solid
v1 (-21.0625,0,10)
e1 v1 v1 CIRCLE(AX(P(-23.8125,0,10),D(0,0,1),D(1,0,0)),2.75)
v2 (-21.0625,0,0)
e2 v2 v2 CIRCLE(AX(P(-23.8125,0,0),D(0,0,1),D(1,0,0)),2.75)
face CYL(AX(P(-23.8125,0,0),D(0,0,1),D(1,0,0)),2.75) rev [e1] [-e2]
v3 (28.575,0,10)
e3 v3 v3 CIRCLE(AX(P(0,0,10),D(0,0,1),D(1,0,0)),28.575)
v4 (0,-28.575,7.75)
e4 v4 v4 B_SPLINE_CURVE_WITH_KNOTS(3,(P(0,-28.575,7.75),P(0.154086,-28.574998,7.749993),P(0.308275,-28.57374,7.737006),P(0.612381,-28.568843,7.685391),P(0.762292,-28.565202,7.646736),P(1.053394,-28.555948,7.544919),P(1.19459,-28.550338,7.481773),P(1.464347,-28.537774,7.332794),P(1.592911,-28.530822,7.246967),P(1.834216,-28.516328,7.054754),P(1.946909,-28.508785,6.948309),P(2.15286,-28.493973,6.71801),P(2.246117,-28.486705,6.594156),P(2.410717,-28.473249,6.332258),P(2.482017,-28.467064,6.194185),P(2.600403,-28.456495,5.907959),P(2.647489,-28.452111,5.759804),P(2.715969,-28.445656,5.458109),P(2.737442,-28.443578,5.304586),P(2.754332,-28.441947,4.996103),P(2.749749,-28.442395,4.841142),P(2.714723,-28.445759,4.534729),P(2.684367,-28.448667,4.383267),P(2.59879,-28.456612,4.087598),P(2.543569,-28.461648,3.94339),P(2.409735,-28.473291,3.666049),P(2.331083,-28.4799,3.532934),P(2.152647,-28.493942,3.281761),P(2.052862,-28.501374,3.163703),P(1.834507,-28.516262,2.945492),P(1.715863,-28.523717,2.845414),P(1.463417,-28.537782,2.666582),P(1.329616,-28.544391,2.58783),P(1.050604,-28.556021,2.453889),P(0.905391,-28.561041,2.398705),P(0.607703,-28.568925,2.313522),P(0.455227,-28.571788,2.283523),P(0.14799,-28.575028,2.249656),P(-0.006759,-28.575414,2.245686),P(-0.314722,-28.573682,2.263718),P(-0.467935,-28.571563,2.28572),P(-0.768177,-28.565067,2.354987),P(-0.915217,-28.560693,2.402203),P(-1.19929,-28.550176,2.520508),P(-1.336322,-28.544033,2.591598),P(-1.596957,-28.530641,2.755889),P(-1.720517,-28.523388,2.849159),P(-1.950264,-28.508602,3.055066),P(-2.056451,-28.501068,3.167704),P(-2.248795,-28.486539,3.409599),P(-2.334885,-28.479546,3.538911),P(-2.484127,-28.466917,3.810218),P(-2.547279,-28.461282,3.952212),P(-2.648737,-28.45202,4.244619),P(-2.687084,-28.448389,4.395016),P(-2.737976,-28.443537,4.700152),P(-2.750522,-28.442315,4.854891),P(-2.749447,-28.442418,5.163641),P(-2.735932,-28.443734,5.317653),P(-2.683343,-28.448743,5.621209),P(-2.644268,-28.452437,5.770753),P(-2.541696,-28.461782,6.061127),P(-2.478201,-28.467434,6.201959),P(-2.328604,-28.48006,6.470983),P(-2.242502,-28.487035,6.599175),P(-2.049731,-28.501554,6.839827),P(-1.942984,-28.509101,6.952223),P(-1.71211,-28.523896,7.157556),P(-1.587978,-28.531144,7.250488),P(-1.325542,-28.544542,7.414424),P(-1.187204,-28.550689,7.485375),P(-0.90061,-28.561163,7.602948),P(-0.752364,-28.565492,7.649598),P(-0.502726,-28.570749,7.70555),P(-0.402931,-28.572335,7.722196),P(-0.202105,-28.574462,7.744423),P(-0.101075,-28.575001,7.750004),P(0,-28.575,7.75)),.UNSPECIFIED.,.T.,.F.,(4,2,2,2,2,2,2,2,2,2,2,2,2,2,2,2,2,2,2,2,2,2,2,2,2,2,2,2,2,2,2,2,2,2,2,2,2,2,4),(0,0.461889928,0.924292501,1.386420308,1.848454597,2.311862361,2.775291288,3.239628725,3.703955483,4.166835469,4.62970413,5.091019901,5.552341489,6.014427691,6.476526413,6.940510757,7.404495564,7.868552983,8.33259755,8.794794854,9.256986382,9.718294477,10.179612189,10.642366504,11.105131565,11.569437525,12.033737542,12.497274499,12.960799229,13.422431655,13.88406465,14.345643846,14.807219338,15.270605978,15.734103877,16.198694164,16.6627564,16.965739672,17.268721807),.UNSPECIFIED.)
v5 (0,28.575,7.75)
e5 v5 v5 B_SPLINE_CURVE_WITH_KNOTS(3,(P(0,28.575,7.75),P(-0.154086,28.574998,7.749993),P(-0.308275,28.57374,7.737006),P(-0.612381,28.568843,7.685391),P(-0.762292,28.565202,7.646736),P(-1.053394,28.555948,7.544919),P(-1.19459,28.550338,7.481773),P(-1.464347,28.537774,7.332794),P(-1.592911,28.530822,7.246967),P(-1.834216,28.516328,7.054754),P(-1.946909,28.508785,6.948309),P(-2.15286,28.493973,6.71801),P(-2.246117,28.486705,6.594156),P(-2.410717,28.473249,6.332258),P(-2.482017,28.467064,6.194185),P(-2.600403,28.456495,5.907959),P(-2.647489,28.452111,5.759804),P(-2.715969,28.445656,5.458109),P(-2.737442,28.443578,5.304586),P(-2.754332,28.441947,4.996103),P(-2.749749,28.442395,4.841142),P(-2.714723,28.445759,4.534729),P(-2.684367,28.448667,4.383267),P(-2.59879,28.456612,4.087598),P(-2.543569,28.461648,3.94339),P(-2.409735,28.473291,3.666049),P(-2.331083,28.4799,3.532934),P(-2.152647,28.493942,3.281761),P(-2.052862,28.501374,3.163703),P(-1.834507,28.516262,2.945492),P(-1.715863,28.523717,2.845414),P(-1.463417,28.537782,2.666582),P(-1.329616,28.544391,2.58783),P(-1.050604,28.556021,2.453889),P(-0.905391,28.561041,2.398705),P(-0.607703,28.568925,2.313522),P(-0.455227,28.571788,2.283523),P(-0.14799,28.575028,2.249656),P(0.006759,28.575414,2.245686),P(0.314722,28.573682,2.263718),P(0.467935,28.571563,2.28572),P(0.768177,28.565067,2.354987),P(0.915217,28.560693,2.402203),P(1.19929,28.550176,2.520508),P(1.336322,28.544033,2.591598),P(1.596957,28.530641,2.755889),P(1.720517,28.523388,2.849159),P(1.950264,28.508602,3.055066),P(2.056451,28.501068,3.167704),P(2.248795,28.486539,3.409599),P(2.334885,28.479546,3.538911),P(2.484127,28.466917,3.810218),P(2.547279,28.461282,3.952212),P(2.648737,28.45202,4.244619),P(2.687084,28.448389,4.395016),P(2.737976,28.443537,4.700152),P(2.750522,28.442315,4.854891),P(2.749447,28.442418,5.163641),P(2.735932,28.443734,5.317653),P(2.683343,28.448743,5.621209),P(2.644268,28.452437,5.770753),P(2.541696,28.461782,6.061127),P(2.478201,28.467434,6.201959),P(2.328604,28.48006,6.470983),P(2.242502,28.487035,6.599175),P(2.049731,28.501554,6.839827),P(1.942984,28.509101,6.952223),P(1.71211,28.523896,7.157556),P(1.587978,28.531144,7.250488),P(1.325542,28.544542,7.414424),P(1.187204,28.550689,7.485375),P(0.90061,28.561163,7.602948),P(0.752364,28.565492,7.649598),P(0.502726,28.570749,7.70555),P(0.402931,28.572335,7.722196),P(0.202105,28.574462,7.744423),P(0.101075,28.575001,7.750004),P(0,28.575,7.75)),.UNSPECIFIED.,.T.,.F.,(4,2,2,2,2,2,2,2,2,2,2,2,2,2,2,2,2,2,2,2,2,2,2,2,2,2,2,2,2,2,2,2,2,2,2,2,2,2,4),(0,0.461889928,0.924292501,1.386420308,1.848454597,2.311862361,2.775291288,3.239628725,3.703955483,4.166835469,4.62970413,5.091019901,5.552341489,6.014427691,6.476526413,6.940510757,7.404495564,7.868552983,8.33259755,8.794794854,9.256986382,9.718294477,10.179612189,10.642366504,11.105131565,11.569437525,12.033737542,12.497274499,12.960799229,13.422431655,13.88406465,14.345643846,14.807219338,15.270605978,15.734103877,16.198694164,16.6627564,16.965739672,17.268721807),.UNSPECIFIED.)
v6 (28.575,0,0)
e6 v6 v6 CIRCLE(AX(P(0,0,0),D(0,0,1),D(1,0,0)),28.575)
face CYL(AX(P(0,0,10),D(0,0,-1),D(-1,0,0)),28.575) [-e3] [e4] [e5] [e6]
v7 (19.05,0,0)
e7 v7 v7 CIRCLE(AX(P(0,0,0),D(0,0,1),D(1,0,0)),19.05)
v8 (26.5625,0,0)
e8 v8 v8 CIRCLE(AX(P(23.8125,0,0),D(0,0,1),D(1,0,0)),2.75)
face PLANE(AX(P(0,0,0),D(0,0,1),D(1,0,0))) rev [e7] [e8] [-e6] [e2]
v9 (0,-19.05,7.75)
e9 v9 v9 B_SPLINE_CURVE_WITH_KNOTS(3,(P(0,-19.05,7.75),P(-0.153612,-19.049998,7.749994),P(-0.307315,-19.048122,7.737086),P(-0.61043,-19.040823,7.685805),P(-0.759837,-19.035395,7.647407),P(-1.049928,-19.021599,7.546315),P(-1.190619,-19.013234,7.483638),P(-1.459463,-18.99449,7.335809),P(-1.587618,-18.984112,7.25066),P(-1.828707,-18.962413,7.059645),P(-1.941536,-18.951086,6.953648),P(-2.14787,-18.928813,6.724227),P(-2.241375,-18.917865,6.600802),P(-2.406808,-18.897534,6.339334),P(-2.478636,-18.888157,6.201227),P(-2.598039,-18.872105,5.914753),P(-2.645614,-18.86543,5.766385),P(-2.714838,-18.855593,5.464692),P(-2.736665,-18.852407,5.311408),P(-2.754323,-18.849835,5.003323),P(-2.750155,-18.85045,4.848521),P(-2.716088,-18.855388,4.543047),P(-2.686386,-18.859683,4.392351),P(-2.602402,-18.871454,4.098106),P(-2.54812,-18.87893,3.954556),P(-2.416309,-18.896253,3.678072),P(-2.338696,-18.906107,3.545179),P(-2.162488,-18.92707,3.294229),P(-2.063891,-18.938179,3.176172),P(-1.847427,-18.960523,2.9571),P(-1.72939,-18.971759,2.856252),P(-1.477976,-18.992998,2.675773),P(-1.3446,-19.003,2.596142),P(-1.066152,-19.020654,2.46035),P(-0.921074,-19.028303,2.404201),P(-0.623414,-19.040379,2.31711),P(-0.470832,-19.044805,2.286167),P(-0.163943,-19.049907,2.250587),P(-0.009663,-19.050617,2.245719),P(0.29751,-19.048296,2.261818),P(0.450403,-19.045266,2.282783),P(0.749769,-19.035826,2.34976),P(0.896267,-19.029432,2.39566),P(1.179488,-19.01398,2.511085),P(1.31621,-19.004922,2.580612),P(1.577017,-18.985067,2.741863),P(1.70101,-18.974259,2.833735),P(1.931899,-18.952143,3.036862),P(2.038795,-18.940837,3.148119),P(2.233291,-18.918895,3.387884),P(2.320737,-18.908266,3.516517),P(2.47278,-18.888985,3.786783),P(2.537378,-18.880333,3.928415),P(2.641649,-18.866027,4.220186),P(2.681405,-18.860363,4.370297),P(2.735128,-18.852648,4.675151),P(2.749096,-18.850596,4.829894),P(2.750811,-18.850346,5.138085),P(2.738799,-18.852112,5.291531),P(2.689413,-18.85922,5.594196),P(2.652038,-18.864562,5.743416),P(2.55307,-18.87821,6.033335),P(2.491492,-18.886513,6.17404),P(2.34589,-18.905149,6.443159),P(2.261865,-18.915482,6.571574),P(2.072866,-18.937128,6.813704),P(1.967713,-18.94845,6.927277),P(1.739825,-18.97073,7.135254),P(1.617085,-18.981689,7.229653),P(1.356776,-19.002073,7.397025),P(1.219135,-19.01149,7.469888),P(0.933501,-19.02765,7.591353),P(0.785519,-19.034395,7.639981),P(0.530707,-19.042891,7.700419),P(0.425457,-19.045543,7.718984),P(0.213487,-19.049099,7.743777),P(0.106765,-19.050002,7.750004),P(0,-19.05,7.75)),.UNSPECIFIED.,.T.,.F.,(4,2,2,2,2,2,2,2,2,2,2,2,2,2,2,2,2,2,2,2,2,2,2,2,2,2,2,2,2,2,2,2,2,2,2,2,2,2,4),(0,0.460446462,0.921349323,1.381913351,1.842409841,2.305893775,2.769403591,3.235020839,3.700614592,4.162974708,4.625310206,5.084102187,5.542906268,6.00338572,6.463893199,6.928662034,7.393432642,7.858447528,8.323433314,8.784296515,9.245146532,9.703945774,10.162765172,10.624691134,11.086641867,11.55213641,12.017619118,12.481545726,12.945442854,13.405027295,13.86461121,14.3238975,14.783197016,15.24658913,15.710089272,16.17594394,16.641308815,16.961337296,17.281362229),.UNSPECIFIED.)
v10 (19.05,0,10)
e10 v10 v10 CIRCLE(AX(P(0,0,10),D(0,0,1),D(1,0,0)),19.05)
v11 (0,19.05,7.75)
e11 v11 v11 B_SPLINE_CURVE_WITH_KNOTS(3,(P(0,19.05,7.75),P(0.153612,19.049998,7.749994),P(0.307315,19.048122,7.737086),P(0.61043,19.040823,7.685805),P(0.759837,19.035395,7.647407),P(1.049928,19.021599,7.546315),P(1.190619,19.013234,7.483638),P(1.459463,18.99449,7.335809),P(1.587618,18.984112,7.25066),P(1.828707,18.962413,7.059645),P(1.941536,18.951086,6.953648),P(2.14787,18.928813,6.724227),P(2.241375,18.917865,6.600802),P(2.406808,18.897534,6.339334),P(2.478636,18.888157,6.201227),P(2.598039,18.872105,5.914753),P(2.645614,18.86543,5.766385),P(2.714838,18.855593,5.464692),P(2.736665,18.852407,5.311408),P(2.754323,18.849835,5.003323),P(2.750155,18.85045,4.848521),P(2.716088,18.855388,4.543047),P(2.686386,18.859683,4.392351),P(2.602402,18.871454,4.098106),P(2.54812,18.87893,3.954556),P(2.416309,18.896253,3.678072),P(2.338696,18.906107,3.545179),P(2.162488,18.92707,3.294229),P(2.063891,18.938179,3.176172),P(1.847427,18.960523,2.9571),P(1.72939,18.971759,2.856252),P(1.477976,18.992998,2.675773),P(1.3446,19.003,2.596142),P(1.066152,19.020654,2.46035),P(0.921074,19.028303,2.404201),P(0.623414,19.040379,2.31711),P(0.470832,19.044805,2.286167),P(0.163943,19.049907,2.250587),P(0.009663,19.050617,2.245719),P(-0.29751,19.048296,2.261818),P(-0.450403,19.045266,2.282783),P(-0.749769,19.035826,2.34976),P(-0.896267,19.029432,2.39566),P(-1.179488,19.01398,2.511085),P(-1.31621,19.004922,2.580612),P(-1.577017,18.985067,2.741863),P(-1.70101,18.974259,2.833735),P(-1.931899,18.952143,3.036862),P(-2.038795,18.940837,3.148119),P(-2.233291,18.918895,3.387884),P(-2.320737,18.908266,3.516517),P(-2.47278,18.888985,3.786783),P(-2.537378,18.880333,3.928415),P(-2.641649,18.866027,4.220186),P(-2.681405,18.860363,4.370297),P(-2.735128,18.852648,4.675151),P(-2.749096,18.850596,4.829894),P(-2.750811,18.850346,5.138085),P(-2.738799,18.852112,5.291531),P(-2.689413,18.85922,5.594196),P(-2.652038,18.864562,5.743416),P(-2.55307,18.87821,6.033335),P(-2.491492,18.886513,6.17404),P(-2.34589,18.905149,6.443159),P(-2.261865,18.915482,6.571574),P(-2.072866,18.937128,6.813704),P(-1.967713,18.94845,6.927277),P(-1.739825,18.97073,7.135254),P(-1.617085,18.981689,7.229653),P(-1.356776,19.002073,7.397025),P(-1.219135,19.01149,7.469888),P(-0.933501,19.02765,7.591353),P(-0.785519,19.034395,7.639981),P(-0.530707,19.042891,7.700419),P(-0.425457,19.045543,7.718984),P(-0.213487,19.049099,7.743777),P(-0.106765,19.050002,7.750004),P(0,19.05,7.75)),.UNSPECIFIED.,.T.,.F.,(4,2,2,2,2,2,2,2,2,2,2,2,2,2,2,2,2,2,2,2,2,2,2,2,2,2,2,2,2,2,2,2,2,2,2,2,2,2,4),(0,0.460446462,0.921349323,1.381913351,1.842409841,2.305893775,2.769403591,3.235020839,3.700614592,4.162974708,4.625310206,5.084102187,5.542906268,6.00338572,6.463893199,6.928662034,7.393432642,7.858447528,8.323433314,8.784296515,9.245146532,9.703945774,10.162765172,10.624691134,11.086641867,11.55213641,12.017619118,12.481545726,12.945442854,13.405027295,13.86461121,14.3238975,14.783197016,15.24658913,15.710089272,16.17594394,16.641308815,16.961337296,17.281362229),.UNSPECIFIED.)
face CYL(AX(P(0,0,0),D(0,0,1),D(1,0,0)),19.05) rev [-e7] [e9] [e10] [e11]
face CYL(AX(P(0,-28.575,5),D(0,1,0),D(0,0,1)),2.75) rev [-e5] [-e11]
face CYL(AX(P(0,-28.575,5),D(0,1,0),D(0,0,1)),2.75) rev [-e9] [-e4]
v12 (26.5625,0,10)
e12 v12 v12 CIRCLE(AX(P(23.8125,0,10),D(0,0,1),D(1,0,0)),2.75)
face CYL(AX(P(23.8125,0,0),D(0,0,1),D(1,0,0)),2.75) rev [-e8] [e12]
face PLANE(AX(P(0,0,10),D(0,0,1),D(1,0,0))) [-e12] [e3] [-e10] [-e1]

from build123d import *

# Parameters (mm, degrees)
SKETCH1_R           = 28.575
BOSS_EXTRUDE1_DEPTH = 10
SKETCH2_R           = 19.05
CUT_EXTRUDE1_DEPTH  = 42.630052246
SKETCH5_R           = 2.75
CUT_EXTRUDE2_DEPTH  = 65.673434461
SKETCH6_R           = 2.75
CUT_EXTRUDE3_DEPTH  = 42.630052408


with BuildPart() as part:
    # Sketch1 → Boss-Extrude1 (new body)
    with BuildSketch(Plane.XY):
        Circle(SKETCH1_R)
    extrude(amount=BOSS_EXTRUDE1_DEPTH)

    # Sketch2 → Cut-Extrude1 (cut, through all)
    with BuildSketch(Plane.XY.offset(10)):
        Circle(SKETCH2_R)
    extrude(amount=-CUT_EXTRUDE1_DEPTH, mode=Mode.SUBTRACT)

    # Sketch5 → Cut-Extrude2 (cut, through all)
    with BuildSketch(Plane(origin=(0, 28.575, 0), x_dir=(1, 0, 0), z_dir=(0, 1, 0))):
        with Locations(Location((0, -5, 0), (0, 0, 270))):
            Circle(SKETCH5_R)
    extrude(amount=-CUT_EXTRUDE2_DEPTH, mode=Mode.SUBTRACT)

    # Sketch6 → Cut-Extrude3 (cut, through all)
    with BuildSketch(Plane.XY.offset(10)):
        with Locations((-23.8125, 0)):
            Circle(SKETCH6_R)
        with Locations((23.8125, 0)):
            Circle(SKETCH6_R)
    extrude(amount=-CUT_EXTRUDE3_DEPTH, mode=Mode.SUBTRACT)


solid = part.part
